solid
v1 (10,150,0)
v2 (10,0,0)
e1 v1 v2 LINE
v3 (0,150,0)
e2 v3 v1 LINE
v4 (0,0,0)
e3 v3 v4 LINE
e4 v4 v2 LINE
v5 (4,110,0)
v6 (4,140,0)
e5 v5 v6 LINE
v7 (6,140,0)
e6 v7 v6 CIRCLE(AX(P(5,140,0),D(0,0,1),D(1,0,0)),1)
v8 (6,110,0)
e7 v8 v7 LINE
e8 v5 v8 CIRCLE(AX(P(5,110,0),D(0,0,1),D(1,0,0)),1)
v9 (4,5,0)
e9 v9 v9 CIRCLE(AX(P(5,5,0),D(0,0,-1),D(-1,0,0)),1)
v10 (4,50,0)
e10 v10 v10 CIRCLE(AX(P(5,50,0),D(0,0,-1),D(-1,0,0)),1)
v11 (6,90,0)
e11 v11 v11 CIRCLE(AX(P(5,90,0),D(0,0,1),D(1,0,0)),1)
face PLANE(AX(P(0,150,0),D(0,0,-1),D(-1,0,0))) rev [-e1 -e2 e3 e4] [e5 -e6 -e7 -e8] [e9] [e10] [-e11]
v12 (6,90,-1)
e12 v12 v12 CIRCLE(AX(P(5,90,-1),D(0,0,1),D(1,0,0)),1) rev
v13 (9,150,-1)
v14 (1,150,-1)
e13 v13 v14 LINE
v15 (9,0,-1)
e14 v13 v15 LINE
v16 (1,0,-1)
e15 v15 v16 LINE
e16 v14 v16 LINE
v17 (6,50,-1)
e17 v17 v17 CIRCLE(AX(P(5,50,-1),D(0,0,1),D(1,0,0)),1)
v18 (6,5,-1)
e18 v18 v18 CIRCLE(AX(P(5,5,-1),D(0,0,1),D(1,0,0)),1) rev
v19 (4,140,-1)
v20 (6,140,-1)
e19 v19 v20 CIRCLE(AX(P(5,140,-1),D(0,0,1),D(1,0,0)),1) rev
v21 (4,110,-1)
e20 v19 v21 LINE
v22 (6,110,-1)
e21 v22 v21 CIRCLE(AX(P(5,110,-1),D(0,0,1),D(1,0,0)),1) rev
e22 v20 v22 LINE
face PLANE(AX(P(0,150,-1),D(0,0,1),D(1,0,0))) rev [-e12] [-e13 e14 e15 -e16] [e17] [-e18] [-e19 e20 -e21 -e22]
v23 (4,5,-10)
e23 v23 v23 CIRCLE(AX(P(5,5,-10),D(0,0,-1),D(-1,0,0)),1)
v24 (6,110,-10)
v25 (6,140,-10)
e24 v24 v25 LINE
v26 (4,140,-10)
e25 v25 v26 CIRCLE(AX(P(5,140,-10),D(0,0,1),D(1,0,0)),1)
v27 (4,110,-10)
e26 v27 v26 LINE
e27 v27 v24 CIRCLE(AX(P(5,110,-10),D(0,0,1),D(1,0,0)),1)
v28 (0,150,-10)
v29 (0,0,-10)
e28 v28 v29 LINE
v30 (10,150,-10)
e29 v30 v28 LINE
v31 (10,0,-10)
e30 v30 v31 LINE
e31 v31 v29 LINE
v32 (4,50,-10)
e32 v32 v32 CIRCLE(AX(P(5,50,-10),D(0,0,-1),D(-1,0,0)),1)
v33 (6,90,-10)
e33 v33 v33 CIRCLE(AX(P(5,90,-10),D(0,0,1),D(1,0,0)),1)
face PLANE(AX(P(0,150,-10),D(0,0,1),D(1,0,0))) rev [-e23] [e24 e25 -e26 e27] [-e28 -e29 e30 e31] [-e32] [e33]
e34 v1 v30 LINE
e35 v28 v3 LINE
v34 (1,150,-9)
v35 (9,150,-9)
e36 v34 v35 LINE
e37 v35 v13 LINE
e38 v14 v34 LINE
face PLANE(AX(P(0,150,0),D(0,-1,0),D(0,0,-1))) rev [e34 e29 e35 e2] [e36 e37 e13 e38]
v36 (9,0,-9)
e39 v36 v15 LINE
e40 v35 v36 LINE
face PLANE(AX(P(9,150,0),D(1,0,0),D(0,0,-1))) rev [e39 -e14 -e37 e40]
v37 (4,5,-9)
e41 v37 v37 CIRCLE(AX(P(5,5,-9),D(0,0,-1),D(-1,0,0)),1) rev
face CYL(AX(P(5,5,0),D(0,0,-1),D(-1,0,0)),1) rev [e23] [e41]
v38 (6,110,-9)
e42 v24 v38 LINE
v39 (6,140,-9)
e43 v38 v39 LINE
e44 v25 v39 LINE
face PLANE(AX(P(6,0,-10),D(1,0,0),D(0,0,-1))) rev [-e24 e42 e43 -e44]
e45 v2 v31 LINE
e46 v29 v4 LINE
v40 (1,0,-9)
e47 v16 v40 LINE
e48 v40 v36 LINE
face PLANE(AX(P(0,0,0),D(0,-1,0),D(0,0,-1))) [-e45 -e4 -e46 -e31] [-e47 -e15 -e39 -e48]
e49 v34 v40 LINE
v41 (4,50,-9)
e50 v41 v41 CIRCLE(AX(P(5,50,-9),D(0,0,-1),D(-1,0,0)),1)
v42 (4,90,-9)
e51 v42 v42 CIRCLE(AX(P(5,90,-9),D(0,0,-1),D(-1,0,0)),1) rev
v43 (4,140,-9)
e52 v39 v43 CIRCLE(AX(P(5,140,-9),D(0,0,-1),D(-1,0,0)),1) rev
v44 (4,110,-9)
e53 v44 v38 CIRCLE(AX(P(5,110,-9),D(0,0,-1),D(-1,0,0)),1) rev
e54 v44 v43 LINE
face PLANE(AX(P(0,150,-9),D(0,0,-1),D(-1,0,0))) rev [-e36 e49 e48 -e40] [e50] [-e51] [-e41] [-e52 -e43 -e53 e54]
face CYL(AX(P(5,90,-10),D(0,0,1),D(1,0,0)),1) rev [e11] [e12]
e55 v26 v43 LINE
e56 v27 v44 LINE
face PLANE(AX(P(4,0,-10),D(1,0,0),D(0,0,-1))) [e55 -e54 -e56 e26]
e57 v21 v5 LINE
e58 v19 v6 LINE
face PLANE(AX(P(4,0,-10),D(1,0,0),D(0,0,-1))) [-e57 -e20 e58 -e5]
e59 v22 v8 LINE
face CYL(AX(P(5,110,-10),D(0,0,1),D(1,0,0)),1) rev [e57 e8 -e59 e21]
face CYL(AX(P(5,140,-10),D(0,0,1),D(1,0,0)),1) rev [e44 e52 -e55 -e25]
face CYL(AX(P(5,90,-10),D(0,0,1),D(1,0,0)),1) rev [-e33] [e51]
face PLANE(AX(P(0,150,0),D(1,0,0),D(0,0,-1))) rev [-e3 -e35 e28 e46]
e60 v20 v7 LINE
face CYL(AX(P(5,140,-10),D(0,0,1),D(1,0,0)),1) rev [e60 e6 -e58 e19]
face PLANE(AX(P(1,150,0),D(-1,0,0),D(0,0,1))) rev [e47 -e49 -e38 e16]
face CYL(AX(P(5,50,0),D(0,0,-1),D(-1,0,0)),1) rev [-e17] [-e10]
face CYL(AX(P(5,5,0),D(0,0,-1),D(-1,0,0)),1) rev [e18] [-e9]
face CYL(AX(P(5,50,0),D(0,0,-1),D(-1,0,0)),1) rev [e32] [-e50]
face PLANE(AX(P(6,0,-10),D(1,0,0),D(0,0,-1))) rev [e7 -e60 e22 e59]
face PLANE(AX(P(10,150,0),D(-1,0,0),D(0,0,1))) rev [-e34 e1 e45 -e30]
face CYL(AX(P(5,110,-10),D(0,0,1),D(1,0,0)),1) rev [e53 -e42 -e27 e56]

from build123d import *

# Parameters (mm, degrees)
SKETCH_1_W          = 10
SKETCH_1_H          = 10
SKETCH_1_W_2        = 6
SKETCH_1_H_2        = 6
EXTRUDE_1_DEPTH     = 150
SKETCH_2_R          = 1
CUT_EXTRUDE_1_DEPTH = 10
SKETCH_3_R          = 1
CUT_EXTRUDE_2_DEPTH = 10
SKETCH_4_R          = 1
CUT_EXTRUDE_3_DEPTH = 10
SKETCH_5_R          = 4
CUT_EXTRUDE_4_DEPTH = 150
SKETCH_6_R          = 1
CUT_EXTRUDE_5_DEPTH = 10


with BuildPart() as part:
    # 草图1 → 凸台-拉伸1 (new body)
    with BuildSketch(Plane(origin=(0, 0, 0), x_dir=(1, 0, 0), z_dir=(0, 1, 0))):
        with Locations((5, 5)):
            Rectangle(SKETCH_1_W, SKETCH_1_H)
        with Locations((5, 5)):
            Rectangle(SKETCH_1_W_2, SKETCH_1_H_2, mode=Mode.SUBTRACT)
    extrude(amount=EXTRUDE_1_DEPTH)

    # 草图2 → 切除-拉伸1 (cut)
    with BuildSketch(Plane.XY):
        with BuildLine():
            Line((4, 140), (4, 110))
            ThreePointArc((4, 110), (5, 111), (6, 110))
            Line((6, 110), (6, 140))
            ThreePointArc((6, 140), (5, 139), (4, 140))
        make_face()
        with Locations((5, 110)):
            Circle(SKETCH_2_R)
        with BuildLine():
            ThreePointArc((6, 140), (5, 141), (4, 140))
            Line((4, 140), (6, 140))
        make_face()
        with BuildLine():
            Line((6, 140), (4, 140))
            ThreePointArc((4, 140), (5, 139), (6, 140))
        make_face()
    extrude(amount=-CUT_EXTRUDE_1_DEPTH, mode=Mode.SUBTRACT)

    # 草图3 → 切除-拉伸2 (cut)
    with BuildSketch(Plane.XY):
        with Locations((5, 90)):
            Circle(SKETCH_3_R)
    extrude(amount=-CUT_EXTRUDE_2_DEPTH, mode=Mode.SUBTRACT)

    # 草图4 → 切除-拉伸3 (cut)
    with BuildSketch(Plane(origin=(0, 0, -10), x_dir=(-1, 0, 0), z_dir=(0, 0, -1))):
        with Locations((-5, 5)):
            Circle(SKETCH_4_R)
    extrude(amount=-CUT_EXTRUDE_3_DEPTH, mode=Mode.SUBTRACT)

    # 草图5 → 切除-拉伸4 (cut)
    with BuildSketch(Plane(origin=(0, 0, 0), x_dir=(1, 0, 0), z_dir=(0, 1, 0))):
        with BuildLine():
            Line((1, 9), (1, 5))
            ThreePointArc((1, 5), (2.171572875, 7.828427125), (5, 9))
            Line((5, 9), (1, 9))
        make_face()
        with Locations((5, 5)):
            Circle(SKETCH_5_R)
        with BuildLine():
            ThreePointArc((5, 1), (2.171572875, 2.171572875), (1, 5))
            Line((1, 5), (1, 1))
            Line((1, 1), (5, 1))
        make_face()
        with BuildLine():
            Line((9, 9), (5, 9))
            ThreePointArc((5, 9), (7.828427125, 7.828427125), (9, 5))
            Line((9, 5), (9, 9))
        make_face()
        with BuildLine():
            ThreePointArc((9, 5), (7.828427125, 2.171572875), (5, 1))
            Line((5, 1), (9, 1))
            Line((9, 1), (9, 5))
        make_face()
    extrude(amount=CUT_EXTRUDE_4_DEPTH, mode=Mode.SUBTRACT)

    # 草图6 → 切除-拉伸5 (cut)
    with BuildSketch(Plane(origin=(0, 0, -10), x_dir=(-1, 0, 0), z_dir=(0, 0, -1))):
        with Locations((-5, 50)):
            Circle(SKETCH_6_R)
    extrude(amount=-CUT_EXTRUDE_5_DEPTH, mode=Mode.SUBTRACT)


solid = part.part
